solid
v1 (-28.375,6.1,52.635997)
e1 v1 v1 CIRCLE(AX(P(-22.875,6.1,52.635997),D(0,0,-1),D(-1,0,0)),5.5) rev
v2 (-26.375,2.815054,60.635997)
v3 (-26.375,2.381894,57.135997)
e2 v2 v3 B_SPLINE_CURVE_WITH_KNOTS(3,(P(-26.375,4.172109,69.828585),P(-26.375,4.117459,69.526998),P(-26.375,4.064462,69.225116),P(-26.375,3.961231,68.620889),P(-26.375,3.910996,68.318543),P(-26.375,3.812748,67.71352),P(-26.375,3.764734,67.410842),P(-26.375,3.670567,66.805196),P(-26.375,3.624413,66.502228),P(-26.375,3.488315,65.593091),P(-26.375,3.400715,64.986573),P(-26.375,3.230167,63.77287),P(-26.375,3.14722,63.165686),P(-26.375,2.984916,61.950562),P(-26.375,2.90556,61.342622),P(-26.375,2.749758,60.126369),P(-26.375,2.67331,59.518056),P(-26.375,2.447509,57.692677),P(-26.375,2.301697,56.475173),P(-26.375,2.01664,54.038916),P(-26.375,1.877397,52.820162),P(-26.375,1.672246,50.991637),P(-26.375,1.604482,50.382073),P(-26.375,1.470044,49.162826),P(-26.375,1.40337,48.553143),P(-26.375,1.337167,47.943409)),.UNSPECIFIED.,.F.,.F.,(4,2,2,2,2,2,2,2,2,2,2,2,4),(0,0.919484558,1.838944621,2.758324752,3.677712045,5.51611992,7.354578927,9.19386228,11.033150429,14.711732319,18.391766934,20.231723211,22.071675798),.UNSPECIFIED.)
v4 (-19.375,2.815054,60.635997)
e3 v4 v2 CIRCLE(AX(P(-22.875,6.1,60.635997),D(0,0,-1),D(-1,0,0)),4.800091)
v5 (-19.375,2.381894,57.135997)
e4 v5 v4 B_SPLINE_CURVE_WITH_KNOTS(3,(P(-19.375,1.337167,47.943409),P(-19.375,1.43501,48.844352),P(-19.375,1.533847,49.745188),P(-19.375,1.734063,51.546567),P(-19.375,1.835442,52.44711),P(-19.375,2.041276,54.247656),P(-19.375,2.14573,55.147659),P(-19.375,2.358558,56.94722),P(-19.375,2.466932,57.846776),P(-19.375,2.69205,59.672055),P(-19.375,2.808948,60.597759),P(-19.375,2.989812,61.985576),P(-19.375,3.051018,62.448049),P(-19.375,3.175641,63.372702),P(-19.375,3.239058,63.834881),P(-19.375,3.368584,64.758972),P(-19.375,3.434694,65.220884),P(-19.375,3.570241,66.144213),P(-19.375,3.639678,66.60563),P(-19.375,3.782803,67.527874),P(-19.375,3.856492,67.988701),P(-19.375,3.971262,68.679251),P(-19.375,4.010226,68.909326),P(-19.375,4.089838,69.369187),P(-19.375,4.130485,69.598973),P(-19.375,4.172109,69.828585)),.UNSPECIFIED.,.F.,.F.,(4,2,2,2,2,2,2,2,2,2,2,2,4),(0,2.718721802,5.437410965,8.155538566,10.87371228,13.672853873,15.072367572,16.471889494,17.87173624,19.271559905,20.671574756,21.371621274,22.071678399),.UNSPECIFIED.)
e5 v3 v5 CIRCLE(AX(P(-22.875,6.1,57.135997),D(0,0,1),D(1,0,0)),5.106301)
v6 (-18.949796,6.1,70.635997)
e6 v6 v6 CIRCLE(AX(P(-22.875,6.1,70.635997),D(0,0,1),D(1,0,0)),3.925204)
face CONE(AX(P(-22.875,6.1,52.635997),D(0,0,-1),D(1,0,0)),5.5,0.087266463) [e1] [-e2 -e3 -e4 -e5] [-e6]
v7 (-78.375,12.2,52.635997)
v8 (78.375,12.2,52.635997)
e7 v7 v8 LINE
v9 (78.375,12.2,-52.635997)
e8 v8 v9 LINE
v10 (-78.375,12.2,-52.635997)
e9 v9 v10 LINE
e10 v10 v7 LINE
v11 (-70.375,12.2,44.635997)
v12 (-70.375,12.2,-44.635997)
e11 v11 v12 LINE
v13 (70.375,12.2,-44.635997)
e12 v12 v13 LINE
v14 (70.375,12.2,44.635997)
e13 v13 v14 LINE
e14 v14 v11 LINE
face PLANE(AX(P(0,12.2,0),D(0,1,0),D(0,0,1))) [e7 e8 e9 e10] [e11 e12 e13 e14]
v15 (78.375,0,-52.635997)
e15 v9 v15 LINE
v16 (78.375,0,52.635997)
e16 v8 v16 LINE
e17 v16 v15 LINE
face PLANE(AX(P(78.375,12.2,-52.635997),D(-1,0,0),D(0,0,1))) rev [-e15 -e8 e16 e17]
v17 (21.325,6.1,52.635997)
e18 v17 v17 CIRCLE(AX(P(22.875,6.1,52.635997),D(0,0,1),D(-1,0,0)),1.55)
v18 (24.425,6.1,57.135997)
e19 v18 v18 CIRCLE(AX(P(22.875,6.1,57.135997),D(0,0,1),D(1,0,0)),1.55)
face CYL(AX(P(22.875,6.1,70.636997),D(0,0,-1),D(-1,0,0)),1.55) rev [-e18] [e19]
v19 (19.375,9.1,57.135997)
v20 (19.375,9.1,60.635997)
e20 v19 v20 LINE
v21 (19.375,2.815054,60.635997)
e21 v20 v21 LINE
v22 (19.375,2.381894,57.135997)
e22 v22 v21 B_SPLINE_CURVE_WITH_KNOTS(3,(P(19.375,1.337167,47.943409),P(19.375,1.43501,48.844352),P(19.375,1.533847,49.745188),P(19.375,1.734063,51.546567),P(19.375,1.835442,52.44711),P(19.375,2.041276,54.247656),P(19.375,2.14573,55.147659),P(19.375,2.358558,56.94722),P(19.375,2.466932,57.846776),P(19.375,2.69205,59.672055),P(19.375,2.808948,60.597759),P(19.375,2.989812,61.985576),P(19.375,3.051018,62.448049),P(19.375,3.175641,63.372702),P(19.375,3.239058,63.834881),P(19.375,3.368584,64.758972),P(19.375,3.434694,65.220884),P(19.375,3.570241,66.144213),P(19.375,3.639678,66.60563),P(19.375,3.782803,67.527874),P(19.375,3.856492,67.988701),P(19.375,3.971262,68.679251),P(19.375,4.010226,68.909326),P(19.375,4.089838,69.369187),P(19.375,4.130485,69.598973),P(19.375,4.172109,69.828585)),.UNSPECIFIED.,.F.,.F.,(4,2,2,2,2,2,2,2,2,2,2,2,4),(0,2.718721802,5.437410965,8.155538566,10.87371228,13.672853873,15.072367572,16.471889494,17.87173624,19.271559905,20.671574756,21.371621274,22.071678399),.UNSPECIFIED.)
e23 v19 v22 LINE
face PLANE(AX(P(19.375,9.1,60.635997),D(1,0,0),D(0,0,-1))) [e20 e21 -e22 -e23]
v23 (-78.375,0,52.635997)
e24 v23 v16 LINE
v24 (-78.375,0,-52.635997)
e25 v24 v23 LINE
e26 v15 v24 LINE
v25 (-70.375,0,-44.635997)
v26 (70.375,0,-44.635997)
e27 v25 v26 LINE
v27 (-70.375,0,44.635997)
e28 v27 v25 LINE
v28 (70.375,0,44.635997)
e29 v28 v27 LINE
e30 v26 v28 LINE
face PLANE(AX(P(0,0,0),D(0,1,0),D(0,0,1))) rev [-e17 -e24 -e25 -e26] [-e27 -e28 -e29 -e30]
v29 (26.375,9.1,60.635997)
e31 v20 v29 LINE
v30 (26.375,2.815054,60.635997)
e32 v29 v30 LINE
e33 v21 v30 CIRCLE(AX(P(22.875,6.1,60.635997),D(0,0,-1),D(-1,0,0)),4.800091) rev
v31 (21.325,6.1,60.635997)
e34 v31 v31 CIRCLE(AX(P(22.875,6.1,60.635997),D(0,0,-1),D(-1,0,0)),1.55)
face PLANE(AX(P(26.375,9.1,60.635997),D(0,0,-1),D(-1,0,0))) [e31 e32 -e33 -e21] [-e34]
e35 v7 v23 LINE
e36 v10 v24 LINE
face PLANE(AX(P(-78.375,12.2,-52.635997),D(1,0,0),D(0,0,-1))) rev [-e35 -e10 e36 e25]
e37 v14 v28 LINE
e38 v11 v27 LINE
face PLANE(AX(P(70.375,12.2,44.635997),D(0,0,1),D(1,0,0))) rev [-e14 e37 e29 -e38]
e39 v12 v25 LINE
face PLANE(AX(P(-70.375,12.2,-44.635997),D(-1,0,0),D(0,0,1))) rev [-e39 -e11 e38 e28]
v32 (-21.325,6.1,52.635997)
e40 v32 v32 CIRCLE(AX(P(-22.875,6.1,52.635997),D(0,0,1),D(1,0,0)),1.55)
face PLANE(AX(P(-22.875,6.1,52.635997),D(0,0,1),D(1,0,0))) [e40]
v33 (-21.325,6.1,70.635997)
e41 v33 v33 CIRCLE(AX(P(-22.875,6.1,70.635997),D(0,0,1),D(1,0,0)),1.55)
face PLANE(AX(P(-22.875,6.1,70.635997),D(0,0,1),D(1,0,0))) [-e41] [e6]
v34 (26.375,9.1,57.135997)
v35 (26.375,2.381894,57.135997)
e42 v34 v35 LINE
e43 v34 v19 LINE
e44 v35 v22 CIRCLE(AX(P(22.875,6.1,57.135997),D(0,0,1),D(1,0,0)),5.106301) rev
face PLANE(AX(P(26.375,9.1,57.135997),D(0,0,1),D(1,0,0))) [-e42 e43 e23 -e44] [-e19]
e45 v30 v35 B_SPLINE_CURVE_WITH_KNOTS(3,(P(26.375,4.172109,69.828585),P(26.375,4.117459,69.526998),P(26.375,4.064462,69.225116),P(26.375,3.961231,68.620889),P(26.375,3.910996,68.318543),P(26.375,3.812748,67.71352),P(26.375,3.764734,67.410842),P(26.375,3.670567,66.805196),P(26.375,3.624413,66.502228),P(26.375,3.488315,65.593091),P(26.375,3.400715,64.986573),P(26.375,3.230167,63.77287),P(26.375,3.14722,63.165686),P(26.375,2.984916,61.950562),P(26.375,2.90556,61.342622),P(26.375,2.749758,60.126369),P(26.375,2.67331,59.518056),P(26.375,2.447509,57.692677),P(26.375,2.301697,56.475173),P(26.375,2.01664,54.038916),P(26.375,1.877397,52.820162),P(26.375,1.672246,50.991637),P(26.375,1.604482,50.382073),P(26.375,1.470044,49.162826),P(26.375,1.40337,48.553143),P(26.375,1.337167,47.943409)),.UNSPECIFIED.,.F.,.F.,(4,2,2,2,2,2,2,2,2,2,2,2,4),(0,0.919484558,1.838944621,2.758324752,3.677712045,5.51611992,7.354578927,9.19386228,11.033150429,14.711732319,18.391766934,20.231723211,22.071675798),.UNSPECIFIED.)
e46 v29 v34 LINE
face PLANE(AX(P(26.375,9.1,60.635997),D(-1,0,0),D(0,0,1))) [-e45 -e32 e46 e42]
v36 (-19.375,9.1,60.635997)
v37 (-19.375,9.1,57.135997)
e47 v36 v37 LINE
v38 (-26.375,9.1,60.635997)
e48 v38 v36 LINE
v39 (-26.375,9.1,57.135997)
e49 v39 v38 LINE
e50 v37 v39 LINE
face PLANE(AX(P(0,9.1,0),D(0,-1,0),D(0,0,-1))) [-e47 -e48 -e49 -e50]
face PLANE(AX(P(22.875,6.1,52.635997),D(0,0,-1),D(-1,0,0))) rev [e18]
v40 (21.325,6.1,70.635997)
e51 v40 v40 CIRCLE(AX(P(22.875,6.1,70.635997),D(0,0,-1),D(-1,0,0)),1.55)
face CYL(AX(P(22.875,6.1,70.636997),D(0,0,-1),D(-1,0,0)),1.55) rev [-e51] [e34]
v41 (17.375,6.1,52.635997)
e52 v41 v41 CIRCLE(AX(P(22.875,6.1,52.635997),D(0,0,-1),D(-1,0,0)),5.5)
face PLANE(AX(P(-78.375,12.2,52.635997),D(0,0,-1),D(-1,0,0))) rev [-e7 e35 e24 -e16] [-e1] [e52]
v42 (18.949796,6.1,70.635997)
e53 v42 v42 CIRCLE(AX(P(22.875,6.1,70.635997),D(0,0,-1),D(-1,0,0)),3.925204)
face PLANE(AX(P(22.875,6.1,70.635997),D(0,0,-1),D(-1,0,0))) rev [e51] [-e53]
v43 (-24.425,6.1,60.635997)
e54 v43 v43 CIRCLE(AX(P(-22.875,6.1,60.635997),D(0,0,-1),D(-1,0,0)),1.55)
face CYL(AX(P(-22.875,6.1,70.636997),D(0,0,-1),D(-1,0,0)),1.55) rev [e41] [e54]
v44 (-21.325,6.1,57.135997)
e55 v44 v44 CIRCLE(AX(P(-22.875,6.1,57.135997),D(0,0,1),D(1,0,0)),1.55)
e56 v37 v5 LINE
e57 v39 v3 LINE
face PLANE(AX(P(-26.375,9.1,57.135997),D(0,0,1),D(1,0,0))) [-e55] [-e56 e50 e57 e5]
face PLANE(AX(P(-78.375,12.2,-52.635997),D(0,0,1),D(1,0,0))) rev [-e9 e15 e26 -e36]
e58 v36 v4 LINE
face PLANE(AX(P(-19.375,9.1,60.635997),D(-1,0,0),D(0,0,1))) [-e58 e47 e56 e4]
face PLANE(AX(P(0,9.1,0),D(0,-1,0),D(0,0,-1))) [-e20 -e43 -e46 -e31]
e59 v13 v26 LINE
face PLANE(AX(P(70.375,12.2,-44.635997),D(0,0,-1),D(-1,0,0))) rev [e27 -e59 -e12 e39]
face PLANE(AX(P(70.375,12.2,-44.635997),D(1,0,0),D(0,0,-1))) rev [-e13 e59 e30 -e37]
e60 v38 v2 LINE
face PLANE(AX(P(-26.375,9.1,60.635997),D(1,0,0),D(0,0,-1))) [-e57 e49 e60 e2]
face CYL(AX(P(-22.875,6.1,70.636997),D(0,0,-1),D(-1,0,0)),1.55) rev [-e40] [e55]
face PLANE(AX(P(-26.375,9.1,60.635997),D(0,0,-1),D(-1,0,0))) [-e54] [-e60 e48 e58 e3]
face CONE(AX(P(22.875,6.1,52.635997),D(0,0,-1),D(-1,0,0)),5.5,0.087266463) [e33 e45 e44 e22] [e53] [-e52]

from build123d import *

# Parameters (mm, degrees)
SKETCH_1_W          = 156.75
SKETCH_1_H          = 105.271994628
EXTRUDE_1_DEPTH     = 12.2
SKETCH_2_W          = 7.639581741
SKETCH_2_H          = 13.89014237
CUT_EXTRUDE_1_DEPTH = 6.1
SKETCH_4_R          = 5.5
EXTRUDE_2_DEPTH     = 18
EXTRUDE_2_TAPER     = 5
CUT_EXTRUDE_2_REACH = 20
SKETCH_6_R          = 1.55
SKETCH_7_W          = 7
SKETCH_7_H          = 3.5
CUT_EXTRUDE_3_DEPTH = 9.1
SKETCH_8_W          = 140.75
SKETCH_8_H          = 89.271994628
CUT_EXTRUDE_4_DEPTH = 13.2


with BuildPart() as part:
    # ｽｹｯﾁ1 → ﾎﾞｽ - 押し出し1 (new body)
    with BuildSketch(Plane(origin=(0, 0, 0), x_dir=(1, 0, 0), z_dir=(0, 1, 0))):
        Rectangle(SKETCH_1_W, SKETCH_1_H)
    extrude(amount=EXTRUDE_1_DEPTH)

    # ｽｹｯﾁ2 → ｶｯﾄ - 押し出し1 (cut)
    with BuildSketch(Plane(origin=(0, 12.2, 0), x_dir=(1, 0, 0), z_dir=(0, 1, 0))):
        with BuildLine():
            ThreePointArc((-44.016, 13.890145056), (-40.196209129, 16.500447871), (-36.376418259, 13.890145056))
            Line((-36.376418259, 13.890145056), (-44.016, 13.890145056))
        make_face()
        with Locations((-40.19620913, 6.945073871)):
            Rectangle(SKETCH_2_W, SKETCH_2_H)
        with BuildLine():
            Line((-44.016, 2.686e-06), (-36.376418259, 2.686e-06))
            ThreePointArc((-36.376418259, 2.686e-06), (-40.196209129, -2.610300128), (-44.016, 2.686e-06))
        make_face()
        with BuildLine():
            Line((44.016, 13.890145056), (36.376418259, 13.890145056))
            ThreePointArc((36.376418259, 13.890145056), (40.196209129, 16.500447871), (44.016, 13.890145056))
        make_face()
        with Locations((40.19620913, 6.945073871)):
            Rectangle(SKETCH_2_W, SKETCH_2_H)
        with BuildLine():
            ThreePointArc((44.016, 2.686e-06), (40.196209129, -2.610300128), (36.376418259, 2.686e-06))
            Line((36.376418259, 2.686e-06), (44.016, 2.686e-06))
        make_face()
    extrude(amount=-CUT_EXTRUDE_1_DEPTH, mode=Mode.SUBTRACT)

    # ｽｹｯﾁ4 → ﾎﾞｽ - 押し出し2 (add)
    with BuildSketch(Plane.XY.offset(52.635997314)):
        with Locations((-22.875, 6.1)):
            Circle(SKETCH_4_R)
        with Locations((22.875, 6.1)):
            Circle(SKETCH_4_R)
    extrude(amount=EXTRUDE_2_DEPTH, taper=EXTRUDE_2_TAPER)

    # ｽｹｯﾁ6 → ｶｯﾄ - 押し出し2 (cut, up to next)
    with BuildSketch(Plane.XY.offset(52.635997314), mode=Mode.PRIVATE) as cut_extrude_2_sk1:
        with Locations((-22.875, 6.1)):
            Circle(SKETCH_6_R)
    cut_extrude_2_tool1 = extrude(cut_extrude_2_sk1.sketch, amount=CUT_EXTRUDE_2_REACH, mode=Mode.PRIVATE) & part.part
    add(cut_extrude_2_tool1.solids().sort_by_distance((-22.875, 6.1, 52.635997))[0], mode=Mode.SUBTRACT)
    # ｽｹｯﾁ6 → ｶｯﾄ - 押し出し2 (cut, up to next)
    with BuildSketch(Plane.XY.offset(52.635997314), mode=Mode.PRIVATE) as cut_extrude_2_sk2:
        with Locations((22.875, 6.1)):
            Circle(SKETCH_6_R)
    cut_extrude_2_tool2 = extrude(cut_extrude_2_sk2.sketch, amount=CUT_EXTRUDE_2_REACH, mode=Mode.PRIVATE) & part.part
    add(cut_extrude_2_tool2.solids().sort_by_distance((22.875, 6.1, 52.635997))[0], mode=Mode.SUBTRACT)

    # ｽｹｯﾁ7 → ｶｯﾄ - 押し出し3 (cut)
    with BuildSketch(Plane(origin=(0, 0, 0), x_dir=(1, 0, 0), z_dir=(0, 1, 0))):
        with Locations((-22.875, -58.885997314)):
            Rectangle(SKETCH_7_W, SKETCH_7_H)
        with Locations((22.875, -58.885997314)):
            Rectangle(SKETCH_7_W, SKETCH_7_H)
    extrude(amount=CUT_EXTRUDE_3_DEPTH, mode=Mode.SUBTRACT)

    # ｽｹｯﾁ8 → ｶｯﾄ - 押し出し4 (cut, through all)
    with BuildSketch(Plane(origin=(0, 0, 0), x_dir=(-1, 0, 0), z_dir=(0, -1, 0))):
        Rectangle(SKETCH_8_W, SKETCH_8_H)
    extrude(amount=-CUT_EXTRUDE_4_DEPTH, mode=Mode.SUBTRACT)


solid = part.part
